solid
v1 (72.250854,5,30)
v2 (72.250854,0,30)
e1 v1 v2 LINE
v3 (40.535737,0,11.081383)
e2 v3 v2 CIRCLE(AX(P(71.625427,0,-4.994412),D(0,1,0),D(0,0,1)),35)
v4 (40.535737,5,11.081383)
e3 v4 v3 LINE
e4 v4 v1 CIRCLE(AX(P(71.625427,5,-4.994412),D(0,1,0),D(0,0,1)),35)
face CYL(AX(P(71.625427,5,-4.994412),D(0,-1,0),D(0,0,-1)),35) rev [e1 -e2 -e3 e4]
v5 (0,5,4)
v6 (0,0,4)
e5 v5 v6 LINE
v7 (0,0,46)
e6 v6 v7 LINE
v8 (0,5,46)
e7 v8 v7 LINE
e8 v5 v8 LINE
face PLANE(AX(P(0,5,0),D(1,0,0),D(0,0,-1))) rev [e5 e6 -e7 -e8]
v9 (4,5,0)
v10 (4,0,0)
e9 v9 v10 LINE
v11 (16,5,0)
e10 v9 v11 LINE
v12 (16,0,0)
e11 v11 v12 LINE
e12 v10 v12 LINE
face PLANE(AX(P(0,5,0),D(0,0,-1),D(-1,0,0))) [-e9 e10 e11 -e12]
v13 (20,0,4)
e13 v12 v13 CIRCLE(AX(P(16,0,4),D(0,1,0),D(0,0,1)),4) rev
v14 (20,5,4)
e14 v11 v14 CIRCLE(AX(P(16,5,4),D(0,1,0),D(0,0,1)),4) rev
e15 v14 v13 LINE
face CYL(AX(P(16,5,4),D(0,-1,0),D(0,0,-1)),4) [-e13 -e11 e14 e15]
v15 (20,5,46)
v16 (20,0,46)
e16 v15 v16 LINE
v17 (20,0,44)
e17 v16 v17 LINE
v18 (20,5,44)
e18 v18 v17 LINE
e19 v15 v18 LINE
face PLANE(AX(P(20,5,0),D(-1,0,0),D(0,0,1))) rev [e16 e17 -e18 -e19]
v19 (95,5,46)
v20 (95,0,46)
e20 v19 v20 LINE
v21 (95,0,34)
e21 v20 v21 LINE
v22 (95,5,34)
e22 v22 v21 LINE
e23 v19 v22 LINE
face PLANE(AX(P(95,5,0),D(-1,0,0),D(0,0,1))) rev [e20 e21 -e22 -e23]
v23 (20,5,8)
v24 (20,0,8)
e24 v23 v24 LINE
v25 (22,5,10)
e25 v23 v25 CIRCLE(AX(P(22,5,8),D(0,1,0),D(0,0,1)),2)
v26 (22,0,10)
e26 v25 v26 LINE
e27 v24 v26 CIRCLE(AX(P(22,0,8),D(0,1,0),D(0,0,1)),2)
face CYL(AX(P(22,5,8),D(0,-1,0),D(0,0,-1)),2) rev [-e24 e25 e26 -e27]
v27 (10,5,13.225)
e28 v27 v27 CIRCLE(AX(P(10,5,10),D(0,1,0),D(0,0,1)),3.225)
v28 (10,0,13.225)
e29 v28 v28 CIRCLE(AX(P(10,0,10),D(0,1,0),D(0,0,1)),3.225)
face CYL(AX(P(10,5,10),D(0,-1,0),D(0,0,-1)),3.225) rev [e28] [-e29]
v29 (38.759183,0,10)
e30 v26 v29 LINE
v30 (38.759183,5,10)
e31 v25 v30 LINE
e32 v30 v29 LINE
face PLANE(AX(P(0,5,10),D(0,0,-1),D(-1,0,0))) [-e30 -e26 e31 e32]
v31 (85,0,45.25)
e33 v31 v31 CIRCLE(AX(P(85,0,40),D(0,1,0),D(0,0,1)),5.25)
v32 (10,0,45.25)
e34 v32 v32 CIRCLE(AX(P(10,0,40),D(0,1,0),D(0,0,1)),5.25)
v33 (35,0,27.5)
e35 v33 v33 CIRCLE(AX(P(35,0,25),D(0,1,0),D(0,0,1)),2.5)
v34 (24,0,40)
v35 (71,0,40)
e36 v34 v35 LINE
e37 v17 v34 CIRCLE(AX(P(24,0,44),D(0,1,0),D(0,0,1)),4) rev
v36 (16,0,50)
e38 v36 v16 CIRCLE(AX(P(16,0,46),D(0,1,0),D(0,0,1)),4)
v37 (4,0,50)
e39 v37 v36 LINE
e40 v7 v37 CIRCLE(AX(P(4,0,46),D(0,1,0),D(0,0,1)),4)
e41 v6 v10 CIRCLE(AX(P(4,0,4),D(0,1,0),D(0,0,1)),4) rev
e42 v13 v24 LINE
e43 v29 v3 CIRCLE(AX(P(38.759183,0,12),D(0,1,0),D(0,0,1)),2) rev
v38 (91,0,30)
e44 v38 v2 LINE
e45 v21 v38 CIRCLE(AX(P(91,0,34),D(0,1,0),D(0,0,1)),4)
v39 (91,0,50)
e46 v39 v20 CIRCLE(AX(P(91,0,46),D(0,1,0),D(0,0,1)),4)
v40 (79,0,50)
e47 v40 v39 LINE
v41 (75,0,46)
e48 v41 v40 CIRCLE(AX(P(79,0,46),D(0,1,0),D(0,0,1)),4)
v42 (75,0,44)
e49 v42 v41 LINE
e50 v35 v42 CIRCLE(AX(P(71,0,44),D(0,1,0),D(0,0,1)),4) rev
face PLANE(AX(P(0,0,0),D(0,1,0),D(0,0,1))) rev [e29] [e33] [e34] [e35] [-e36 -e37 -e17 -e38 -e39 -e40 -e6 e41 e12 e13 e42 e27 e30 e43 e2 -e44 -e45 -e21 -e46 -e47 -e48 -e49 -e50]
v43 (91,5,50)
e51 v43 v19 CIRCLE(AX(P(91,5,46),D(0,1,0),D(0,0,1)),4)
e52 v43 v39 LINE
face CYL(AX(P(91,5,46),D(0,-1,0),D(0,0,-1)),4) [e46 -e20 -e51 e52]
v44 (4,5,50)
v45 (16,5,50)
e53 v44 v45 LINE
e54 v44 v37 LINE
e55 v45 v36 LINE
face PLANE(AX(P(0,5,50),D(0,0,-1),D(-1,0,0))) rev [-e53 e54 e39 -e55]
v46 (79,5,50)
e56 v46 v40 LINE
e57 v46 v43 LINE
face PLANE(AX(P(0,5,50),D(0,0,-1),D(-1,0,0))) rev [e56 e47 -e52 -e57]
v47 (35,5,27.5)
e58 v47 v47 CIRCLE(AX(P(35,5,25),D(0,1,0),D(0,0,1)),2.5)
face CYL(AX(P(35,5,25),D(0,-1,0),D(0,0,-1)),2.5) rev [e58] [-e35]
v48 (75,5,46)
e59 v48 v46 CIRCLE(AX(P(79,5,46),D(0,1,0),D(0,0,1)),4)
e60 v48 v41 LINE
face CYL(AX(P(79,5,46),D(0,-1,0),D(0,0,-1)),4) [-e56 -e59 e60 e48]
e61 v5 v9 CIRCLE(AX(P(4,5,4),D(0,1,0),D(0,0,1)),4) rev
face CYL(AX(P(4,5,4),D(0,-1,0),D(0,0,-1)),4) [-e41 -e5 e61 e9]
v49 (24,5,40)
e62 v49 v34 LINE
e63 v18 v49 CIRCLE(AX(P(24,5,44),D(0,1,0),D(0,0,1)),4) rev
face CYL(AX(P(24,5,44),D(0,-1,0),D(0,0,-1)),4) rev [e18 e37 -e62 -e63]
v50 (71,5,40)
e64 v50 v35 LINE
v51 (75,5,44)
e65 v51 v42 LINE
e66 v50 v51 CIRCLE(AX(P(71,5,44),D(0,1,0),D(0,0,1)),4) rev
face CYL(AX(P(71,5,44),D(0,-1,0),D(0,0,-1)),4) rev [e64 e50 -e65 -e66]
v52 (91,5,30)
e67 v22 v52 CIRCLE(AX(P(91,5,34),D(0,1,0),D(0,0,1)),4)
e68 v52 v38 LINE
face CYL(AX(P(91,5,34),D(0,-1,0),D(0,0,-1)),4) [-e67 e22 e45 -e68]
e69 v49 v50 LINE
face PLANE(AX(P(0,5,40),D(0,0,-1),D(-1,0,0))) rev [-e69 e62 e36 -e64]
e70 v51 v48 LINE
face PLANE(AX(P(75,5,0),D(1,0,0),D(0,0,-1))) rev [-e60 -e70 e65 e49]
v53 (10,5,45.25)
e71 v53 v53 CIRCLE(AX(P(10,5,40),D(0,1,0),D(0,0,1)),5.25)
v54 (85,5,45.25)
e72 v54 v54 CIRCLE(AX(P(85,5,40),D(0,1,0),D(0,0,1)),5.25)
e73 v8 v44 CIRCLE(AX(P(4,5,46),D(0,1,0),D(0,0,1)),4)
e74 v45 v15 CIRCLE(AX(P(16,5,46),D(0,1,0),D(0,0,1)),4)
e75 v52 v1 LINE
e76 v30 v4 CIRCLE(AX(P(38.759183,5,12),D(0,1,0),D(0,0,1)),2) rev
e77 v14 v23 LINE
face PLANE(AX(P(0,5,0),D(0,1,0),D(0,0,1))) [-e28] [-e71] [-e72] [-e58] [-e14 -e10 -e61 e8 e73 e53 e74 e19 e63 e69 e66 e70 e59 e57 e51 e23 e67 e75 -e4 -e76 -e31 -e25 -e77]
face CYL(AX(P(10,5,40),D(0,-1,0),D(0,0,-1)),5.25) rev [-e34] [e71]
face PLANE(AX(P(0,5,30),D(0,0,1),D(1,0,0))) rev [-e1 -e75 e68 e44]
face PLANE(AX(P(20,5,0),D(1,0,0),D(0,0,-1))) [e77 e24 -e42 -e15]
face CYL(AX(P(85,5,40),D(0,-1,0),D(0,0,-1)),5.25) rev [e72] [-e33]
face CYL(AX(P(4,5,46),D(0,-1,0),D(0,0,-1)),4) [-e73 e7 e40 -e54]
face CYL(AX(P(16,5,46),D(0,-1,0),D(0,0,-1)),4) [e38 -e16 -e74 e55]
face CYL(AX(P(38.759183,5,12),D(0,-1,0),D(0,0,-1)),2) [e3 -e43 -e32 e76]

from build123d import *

# Parameters (mm, degrees)
SKETCH1_R           = 5.25
SKETCH1_R_2         = 2.5
SKETCH1_R_3         = 3.225
BOSS_EXTRUDE1_DEPTH = 5


with BuildPart() as part:
    # Sketch1 → Boss-Extrude1 (new body)
    with BuildSketch(Plane(origin=(0, 0, 0), x_dir=(1, 0, 0), z_dir=(0, 1, 0))):
        with BuildLine():
            ThreePointArc((4, 0), (1.171572875, -1.171572875), (0, -4))
            Line((0, -4), (0, -46))
            ThreePointArc((0, -46), (1.171572875, -48.828427125), (4, -50))
            Line((4, -50), (16, -50))
            ThreePointArc((16, -50), (18.828427125, -48.828427125), (20, -46))
            Line((20, -46), (20, -44))
            ThreePointArc((20, -44), (21.171572875, -41.171572875), (24, -40))
            Line((24, -40), (71, -40))
            ThreePointArc((71, -40), (73.828427125, -41.171572875), (75, -44))
            Line((75, -44), (75, -46))
            ThreePointArc((75, -46), (76.171572875, -48.828427125), (79, -50))
            Line((79, -50), (91, -50))
            ThreePointArc((91, -50), (93.828427125, -48.828427125), (95, -46))
            Line((95, -46), (95, -34))
            ThreePointArc((95, -34), (93.828427125, -31.171572875), (91, -30))
            Line((91, -30), (72.250853642, -30))
            ThreePointArc((72.250853642, -30), (71.625426821, -30.005588428), (71, -30))
            ThreePointArc((71, -30), (53.160847909, -24.738723573), (40.535736829, -11.081383158))
            ThreePointArc((40.535736829, -11.081383158), (39.799078859, -10.291604015), (38.759183115, -10))
            Line((38.759183115, -10), (22, -10))
            ThreePointArc((22, -10), (20.585786438, -9.414213562), (20, -8))
            Line((20, -8), (20, -4))
            ThreePointArc((20, -4), (18.828427125, -1.171572875), (16, 0))
            Line((16, 0), (4, 0))
        make_face()
        with Locations(Location((10, -40, 0), (0, 0, 270))):
            Circle(SKETCH1_R, mode=Mode.SUBTRACT)
        with Locations(Location((85, -40, 0), (0, 0, 270))):
            Circle(SKETCH1_R, mode=Mode.SUBTRACT)
        with Locations(Location((35, -25, 0), (0, 0, 270))):
            Circle(SKETCH1_R_2, mode=Mode.SUBTRACT)
        with Locations(Location((10, -10, 0), (0, 0, 270))):
            Circle(SKETCH1_R_3, mode=Mode.SUBTRACT)
    extrude(amount=BOSS_EXTRUDE1_DEPTH)


solid = part.part
